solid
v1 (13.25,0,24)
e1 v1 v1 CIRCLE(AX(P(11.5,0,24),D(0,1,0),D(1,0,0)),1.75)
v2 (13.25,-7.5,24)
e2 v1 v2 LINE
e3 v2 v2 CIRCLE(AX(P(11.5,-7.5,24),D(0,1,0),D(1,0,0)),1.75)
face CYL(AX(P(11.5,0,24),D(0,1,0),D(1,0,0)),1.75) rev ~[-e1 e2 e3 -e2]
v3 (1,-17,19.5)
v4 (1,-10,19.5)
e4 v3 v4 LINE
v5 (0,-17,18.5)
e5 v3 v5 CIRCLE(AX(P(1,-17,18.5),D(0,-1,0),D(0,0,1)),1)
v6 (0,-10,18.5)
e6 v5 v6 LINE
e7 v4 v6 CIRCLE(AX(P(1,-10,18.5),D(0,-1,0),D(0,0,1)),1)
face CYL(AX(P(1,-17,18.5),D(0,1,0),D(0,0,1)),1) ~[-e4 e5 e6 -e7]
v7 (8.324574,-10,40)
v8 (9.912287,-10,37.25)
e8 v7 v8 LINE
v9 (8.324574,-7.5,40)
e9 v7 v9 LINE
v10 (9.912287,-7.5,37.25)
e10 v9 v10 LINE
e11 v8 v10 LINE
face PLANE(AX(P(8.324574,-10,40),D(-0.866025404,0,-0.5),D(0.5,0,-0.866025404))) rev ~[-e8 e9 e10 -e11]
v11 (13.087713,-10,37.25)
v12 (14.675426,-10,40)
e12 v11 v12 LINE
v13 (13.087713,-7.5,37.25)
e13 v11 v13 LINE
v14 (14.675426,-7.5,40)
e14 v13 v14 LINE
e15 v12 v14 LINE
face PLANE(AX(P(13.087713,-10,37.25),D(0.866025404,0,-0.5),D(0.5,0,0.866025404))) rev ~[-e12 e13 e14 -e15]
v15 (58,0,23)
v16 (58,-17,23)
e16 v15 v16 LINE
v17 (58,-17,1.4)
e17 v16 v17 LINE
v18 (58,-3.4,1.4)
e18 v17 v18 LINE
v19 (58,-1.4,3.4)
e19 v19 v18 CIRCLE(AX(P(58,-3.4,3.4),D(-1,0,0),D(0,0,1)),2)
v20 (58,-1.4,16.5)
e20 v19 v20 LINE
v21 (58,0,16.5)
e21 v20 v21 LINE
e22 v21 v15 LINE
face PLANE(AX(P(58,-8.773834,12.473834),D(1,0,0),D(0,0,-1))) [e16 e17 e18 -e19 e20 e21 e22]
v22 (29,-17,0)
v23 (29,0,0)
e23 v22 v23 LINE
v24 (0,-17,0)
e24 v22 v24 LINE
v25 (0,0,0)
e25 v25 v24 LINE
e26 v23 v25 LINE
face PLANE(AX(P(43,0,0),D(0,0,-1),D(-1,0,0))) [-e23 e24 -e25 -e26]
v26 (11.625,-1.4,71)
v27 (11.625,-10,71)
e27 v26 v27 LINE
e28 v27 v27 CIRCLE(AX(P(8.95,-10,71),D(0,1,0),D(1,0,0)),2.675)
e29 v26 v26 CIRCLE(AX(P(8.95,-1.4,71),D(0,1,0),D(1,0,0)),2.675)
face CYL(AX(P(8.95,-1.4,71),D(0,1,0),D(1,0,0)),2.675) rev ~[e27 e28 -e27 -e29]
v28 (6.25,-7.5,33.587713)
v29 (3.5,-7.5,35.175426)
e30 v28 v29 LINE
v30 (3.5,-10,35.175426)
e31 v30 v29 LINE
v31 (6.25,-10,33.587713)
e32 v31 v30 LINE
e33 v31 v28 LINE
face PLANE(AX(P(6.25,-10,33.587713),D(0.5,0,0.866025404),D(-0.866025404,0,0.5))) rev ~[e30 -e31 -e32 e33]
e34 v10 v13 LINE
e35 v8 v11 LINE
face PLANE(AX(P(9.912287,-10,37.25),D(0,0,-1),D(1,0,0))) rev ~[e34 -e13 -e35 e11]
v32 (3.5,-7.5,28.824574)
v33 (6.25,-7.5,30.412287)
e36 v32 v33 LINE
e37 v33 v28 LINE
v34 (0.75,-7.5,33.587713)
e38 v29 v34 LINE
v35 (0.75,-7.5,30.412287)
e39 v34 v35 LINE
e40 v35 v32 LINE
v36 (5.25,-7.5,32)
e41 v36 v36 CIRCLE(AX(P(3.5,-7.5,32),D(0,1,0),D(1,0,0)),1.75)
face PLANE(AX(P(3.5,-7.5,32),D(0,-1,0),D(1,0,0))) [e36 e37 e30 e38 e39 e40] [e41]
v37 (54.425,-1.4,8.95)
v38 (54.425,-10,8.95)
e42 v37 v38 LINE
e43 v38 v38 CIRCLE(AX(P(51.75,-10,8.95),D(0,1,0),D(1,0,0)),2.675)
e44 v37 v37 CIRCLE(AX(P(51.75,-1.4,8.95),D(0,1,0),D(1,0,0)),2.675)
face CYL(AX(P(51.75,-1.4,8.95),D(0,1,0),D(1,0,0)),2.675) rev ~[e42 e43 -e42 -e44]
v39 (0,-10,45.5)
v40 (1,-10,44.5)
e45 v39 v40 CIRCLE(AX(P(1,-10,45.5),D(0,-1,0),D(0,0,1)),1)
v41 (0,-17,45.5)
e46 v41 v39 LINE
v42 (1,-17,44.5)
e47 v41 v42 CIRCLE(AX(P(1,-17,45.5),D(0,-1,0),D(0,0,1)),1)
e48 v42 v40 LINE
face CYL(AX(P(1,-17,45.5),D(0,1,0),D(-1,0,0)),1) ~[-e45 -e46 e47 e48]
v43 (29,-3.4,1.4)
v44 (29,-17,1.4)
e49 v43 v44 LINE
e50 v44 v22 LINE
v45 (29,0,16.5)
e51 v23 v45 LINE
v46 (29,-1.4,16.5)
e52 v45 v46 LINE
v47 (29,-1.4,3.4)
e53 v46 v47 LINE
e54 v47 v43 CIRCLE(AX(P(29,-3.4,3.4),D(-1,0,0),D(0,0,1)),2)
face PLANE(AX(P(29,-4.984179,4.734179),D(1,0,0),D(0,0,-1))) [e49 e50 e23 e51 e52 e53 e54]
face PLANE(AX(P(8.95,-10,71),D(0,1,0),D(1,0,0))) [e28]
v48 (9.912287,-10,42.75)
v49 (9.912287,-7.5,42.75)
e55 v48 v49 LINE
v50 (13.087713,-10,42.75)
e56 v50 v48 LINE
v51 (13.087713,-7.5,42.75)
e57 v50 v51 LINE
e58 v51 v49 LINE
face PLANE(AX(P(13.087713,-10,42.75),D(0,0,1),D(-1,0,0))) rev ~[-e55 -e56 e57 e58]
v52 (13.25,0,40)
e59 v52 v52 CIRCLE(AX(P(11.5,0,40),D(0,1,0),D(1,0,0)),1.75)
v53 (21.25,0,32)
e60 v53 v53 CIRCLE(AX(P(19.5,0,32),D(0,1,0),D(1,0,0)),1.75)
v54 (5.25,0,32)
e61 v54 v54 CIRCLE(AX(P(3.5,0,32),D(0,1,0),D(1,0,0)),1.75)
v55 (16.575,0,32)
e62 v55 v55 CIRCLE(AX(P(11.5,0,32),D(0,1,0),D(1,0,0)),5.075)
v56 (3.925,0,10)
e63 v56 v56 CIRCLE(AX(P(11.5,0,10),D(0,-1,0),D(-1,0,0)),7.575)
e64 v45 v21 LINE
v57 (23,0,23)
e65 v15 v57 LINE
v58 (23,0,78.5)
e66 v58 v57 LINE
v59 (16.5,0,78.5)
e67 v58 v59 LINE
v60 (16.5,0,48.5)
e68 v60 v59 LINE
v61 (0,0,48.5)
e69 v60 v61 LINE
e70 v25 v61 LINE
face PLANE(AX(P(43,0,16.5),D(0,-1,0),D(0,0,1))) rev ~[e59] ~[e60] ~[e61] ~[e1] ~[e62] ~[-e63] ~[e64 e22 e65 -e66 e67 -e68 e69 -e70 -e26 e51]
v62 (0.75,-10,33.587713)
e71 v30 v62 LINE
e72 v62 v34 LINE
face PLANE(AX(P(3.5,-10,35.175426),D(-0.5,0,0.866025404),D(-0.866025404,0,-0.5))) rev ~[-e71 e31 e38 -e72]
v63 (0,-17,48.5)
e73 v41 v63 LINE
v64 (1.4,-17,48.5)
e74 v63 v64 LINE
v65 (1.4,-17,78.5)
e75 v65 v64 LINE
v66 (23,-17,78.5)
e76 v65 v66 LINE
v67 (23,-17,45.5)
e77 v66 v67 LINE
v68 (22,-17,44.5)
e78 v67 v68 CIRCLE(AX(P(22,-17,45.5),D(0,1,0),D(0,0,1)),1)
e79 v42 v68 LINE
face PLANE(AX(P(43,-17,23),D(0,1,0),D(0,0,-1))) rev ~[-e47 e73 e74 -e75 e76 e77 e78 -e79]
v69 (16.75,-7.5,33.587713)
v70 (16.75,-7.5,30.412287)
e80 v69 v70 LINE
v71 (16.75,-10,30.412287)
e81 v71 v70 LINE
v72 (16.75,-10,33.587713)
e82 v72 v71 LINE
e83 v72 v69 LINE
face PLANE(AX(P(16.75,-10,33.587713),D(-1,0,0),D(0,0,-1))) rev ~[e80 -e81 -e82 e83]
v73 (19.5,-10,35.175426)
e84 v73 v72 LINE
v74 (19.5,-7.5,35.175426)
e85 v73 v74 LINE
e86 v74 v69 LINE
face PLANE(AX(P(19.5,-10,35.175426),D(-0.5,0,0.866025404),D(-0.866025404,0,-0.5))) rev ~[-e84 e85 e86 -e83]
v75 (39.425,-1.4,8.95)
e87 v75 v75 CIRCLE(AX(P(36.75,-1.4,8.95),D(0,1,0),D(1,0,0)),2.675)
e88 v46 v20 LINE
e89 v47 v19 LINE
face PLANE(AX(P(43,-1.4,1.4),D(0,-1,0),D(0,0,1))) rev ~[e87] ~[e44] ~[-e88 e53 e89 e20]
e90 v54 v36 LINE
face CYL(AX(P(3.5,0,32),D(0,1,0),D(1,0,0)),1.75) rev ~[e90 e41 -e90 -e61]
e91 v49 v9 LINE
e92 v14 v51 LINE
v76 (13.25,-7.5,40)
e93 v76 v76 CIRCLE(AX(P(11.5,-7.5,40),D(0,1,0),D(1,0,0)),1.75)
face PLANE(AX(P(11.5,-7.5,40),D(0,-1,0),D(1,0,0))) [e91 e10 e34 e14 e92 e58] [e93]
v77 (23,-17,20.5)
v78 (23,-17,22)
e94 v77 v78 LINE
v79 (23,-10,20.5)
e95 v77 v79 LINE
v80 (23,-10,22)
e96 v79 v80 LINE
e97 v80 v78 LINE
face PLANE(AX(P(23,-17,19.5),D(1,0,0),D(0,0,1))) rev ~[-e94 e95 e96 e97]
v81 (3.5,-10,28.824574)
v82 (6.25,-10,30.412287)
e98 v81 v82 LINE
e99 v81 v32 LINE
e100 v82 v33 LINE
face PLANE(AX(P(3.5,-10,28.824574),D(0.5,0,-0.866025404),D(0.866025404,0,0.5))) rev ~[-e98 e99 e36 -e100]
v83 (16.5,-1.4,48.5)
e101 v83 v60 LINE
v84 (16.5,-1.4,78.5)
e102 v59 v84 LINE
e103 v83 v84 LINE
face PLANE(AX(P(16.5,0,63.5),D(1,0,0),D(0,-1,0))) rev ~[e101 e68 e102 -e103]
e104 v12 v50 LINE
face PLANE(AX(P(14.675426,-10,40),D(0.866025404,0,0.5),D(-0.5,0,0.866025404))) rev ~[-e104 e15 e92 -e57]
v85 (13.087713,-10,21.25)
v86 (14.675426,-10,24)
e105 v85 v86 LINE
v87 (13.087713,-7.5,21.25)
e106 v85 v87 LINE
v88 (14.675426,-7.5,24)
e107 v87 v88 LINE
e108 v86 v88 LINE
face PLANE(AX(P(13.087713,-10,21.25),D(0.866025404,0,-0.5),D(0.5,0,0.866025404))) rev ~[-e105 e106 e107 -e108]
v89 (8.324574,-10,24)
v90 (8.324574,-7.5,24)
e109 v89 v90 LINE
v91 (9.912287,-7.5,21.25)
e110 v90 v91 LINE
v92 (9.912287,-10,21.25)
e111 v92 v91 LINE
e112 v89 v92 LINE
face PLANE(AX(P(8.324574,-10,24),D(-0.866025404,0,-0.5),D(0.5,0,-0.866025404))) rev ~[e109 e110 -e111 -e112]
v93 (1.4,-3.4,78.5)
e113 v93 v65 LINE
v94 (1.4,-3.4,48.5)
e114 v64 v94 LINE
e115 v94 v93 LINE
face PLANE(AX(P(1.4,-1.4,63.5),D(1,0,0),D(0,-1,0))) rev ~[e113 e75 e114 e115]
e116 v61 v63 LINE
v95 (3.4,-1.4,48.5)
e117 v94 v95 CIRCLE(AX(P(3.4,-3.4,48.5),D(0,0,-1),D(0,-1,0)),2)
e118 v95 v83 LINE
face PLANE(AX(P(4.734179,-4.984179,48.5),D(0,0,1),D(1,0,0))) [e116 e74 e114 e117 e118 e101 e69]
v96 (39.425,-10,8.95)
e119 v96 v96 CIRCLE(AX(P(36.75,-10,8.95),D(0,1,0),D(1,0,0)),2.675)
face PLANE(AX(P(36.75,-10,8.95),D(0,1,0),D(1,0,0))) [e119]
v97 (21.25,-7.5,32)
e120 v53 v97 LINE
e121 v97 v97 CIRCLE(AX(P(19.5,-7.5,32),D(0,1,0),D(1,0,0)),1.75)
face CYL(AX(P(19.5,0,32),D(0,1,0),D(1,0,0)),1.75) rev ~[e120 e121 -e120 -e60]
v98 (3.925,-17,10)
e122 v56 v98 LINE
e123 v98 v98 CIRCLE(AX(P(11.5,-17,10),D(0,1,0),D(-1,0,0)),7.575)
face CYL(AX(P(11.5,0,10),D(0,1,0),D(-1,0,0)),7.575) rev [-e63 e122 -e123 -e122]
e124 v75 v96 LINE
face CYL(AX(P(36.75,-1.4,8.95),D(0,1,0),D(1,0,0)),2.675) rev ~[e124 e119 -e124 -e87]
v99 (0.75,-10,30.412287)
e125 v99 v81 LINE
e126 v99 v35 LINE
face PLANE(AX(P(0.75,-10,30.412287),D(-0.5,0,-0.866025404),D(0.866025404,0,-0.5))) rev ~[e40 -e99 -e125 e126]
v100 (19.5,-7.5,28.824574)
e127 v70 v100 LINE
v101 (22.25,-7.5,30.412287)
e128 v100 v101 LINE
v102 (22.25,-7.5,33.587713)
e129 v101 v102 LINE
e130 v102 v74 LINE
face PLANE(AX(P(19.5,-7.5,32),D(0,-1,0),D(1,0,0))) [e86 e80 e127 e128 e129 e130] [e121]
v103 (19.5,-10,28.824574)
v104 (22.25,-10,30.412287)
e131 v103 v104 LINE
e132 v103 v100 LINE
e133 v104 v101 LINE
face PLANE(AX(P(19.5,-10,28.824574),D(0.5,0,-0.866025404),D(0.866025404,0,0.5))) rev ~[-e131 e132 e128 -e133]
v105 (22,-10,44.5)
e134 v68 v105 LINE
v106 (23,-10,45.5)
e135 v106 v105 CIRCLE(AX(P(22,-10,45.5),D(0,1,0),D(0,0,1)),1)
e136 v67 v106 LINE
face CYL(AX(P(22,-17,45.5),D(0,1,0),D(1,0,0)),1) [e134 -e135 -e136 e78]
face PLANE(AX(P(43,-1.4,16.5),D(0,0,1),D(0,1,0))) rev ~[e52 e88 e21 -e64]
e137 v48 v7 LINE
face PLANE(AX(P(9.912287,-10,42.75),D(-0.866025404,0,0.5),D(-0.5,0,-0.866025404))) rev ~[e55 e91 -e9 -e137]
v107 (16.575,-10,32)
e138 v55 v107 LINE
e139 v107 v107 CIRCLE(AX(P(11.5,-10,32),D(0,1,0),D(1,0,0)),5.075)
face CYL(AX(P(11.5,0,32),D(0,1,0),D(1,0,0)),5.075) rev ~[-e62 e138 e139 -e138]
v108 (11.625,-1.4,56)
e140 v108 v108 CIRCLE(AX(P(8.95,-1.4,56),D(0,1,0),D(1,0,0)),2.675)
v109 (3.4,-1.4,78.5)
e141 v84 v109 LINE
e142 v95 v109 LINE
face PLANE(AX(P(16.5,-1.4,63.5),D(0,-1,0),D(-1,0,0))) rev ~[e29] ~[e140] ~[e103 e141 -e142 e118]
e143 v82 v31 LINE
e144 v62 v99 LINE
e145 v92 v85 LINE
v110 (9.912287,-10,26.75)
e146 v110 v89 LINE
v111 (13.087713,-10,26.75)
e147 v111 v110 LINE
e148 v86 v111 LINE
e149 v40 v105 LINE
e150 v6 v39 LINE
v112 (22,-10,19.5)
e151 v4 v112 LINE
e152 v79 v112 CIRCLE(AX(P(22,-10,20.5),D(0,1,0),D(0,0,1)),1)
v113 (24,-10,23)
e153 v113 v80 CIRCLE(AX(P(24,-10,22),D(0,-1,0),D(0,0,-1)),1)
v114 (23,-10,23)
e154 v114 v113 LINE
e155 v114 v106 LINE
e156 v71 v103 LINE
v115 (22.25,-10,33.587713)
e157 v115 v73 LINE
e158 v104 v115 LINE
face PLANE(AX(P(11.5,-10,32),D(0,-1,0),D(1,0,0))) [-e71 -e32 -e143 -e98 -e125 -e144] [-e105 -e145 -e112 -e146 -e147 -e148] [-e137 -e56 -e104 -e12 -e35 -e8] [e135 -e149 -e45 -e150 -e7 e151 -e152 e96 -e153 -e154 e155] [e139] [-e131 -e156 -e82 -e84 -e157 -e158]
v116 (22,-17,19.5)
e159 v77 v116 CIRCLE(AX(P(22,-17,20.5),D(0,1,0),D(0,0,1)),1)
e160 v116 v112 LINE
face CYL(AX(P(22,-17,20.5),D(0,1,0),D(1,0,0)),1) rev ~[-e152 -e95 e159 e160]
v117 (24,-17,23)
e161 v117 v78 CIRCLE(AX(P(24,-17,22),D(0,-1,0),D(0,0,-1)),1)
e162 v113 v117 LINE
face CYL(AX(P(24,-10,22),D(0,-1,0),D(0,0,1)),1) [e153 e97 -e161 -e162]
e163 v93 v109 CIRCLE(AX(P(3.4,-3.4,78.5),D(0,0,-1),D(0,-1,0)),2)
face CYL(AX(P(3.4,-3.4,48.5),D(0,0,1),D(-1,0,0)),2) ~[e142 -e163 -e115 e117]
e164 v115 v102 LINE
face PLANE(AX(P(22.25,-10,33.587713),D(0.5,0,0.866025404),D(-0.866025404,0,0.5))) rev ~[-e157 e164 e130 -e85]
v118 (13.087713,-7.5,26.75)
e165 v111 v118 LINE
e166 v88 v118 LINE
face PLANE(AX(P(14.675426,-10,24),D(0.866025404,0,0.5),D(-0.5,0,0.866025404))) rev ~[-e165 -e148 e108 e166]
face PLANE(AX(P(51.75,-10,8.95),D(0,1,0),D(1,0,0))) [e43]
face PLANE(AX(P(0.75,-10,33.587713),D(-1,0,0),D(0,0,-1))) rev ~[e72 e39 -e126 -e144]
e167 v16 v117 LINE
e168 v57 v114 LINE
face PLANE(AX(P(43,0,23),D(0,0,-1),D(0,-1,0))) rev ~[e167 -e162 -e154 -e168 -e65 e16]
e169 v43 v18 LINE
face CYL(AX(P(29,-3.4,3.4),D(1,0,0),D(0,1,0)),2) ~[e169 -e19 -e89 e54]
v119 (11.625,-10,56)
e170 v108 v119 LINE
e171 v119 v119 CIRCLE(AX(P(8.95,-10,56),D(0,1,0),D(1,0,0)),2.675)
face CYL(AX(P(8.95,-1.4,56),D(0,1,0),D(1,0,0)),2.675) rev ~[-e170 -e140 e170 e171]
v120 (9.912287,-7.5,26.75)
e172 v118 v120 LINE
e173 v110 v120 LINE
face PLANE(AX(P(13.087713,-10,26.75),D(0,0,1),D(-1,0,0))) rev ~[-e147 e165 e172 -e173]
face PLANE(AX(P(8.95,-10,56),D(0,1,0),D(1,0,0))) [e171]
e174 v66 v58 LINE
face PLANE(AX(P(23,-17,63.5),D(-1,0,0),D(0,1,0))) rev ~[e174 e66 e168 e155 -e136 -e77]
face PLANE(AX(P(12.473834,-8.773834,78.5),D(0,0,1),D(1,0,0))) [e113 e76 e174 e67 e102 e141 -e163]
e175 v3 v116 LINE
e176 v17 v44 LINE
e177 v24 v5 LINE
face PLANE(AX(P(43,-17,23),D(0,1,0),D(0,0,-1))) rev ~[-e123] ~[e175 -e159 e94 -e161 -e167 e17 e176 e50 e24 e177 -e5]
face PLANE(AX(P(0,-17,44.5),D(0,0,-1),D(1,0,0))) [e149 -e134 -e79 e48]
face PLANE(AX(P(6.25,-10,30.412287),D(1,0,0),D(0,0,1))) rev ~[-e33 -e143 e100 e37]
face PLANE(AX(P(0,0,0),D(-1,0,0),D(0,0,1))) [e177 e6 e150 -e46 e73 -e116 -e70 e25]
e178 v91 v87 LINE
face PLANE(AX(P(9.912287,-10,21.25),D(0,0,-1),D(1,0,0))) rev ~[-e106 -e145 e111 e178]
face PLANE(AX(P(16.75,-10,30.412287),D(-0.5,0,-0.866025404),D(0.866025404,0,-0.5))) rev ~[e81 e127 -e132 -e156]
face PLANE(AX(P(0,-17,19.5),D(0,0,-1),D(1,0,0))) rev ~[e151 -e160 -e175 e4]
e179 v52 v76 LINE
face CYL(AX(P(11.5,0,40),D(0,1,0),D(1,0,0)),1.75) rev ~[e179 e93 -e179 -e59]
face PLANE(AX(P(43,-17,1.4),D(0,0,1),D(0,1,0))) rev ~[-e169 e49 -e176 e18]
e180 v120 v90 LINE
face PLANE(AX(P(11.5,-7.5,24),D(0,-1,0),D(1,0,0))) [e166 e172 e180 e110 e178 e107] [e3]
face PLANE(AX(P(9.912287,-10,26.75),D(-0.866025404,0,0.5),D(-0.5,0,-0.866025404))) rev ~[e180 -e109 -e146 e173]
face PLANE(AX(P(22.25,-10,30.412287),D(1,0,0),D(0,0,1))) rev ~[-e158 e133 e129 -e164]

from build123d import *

# Parameters (mm, degrees)
SALIENTE_EXTRUIR2_DEPTH = 17
CROQUIS4_R              = 7.575
CORTAR_EXTRUIR7_DEPTH   = 18
CROQUIS12_R             = 5.075
CORTAR_EXTRUIR12_DEPTH  = 18
CROQUIS17_R             = 1.75
CORTAR_EXTRUIR15_DEPTH  = 18
CORTAR_EXTRUIR9_DEPTH   = 14
CORTAR_EXTRUIR10_DEPTH  = 15
CROQUIS10_R             = 2.675
CORTAR_EXTRUIR11_DEPTH  = 8.6
SALIENTE_EXTRUIR3_DEPTH = 15
SALIENTE_EXTRUIR4_DEPTH = 15
CROQUIS16_R             = 2.675
CORTAR_EXTRUIR14_DEPTH  = 8.6
CROQUIS18_W             = 23
CROQUIS18_H             = 25
CORTAR_EXTRUIR16_DEPTH  = 7
CORTAR_EXTRUIR17_DEPTH  = 2.5
REDONDEO2_R             = 1
REDONDEO4_R             = 2


with BuildPart() as part:
    # Croquis1 → Saliente-Extruir2 (new body)
    with BuildSketch(Plane(origin=(0, 0, 0), x_dir=(1, 0, 0), z_dir=(0, 1, 0))):
        Polygon((23, -63.5), (23, -23), (43, -23), (43, 0), (0, 0), (0, -63.5), align=None)
    extrude(amount=-SALIENTE_EXTRUIR2_DEPTH)

    # Croquis4 → Cortar-Extruir7 (cut, through all)
    with BuildSketch(Plane(origin=(0, 0, 0), x_dir=(-1, 0, 0), z_dir=(0, -1, 0))):
        with Locations((-11.5, -10)):
            Circle(CROQUIS4_R)
    extrude(amount=CORTAR_EXTRUIR7_DEPTH, mode=Mode.SUBTRACT)

    # Croquis12 → Cortar-Extruir12 (cut, through all)
    with BuildSketch(Plane(origin=(0, 0, 0), x_dir=(1, 0, 0), z_dir=(0, 1, 0))):
        with Locations((11.5, -32)):
            Circle(CROQUIS12_R)
    extrude(amount=-CORTAR_EXTRUIR12_DEPTH, mode=Mode.SUBTRACT)

    # Croquis17 → Cortar-Extruir15 (cut, through all)
    with BuildSketch(Plane(origin=(0, 0, 0), x_dir=(1, 0, 0), z_dir=(0, 1, 0))):
        with Locations((11.5, -24)):
            Circle(CROQUIS17_R)
        with Locations((11.5, -40)):
            Circle(CROQUIS17_R)
        with Locations((3.5, -32)):
            Circle(CROQUIS17_R)
        with Locations((19.5, -32)):
            Circle(CROQUIS17_R)
    extrude(amount=-CORTAR_EXTRUIR15_DEPTH, mode=Mode.SUBTRACT)

    # Croquis8 → Cortar-Extruir9 (cut)
    with BuildSketch(Plane(origin=(43, 0, 0), x_dir=(0, 0, -1), z_dir=(1, 0, 0))):
        Polygon((0, -17), (0, 0), (-16.5, 0), (-16.5, -1.4), (-1.4, -1.4), (-1.4, -17), align=None)
    extrude(amount=-CORTAR_EXTRUIR9_DEPTH, mode=Mode.SUBTRACT)

    # Croquis9 → Cortar-Extruir10 (cut)
    with BuildSketch(Plane(origin=(0, 0, 63.5), x_dir=(-1, 0, 0), z_dir=(0, 0, -1))):
        Polygon((0, -17), (-1.4, -17), (-1.4, -1.4), (-16.5, -1.4), (-16.5, 0), (0, 0), align=None)
    extrude(amount=CORTAR_EXTRUIR10_DEPTH, mode=Mode.SUBTRACT)

    # Croquis10 → Cortar-Extruir11 (cut)
    with BuildSketch(Plane(origin=(0, -1.4, 0), x_dir=(1, 0, 0), z_dir=(0, 1, 0))):
        with Locations((36.75, -8.95)):
            Circle(CROQUIS10_R)
        with Locations((8.95, -56)):
            Circle(CROQUIS10_R)
    extrude(amount=-CORTAR_EXTRUIR11_DEPTH, mode=Mode.SUBTRACT)

    # Croquis14 → Saliente-Extruir3 (add)
    with BuildSketch(Plane.XY.offset(63.5)):
        Polygon((23, 0), (16.5, 0), (16.5, -1.4), (1.4, -1.4), (1.4, -17), (23, -17), align=None)
    extrude(amount=SALIENTE_EXTRUIR3_DEPTH)

    # Croquis15 → Saliente-Extruir4 (add)
    with BuildSketch(Plane(origin=(43, 0, 0), x_dir=(0, 0, -1), z_dir=(1, 0, 0))):
        Polygon((-1.4, -17), (-1.4, -1.4), (-16.5, -1.4), (-16.5, 0), (-23, 0), (-23, -17), align=None)
    extrude(amount=SALIENTE_EXTRUIR4_DEPTH)

    # Croquis16 → Cortar-Extruir14 (cut)
    with BuildSketch(Plane(origin=(0, -1.4, 0), x_dir=(1, 0, 0), z_dir=(0, 1, 0))):
        with Locations((8.95, -71)):
            Circle(CROQUIS16_R)
        with Locations((51.75, -8.95)):
            Circle(CROQUIS16_R)
    extrude(amount=-CORTAR_EXTRUIR14_DEPTH, mode=Mode.SUBTRACT)

    # Croquis18 → Cortar-Extruir16 (cut)
    with BuildSketch(Plane.XZ.offset(17)):
        with Locations((11.5, 32)):
            Rectangle(CROQUIS18_W, CROQUIS18_H)
    extrude(amount=-CORTAR_EXTRUIR16_DEPTH, mode=Mode.SUBTRACT)

    # Croquis19 → Cortar-Extruir17 (cut)
    with BuildSketch(Plane.XZ.offset(10)):
        Polygon((14.675426481, 40), (13.08771324, 42.75), (9.91228676, 42.75), (8.324573519, 40), (9.91228676, 37.25), (13.08771324, 37.25), align=None)
        Polygon((22.25, 30.41228676), (22.25, 33.58771324), (19.5, 35.175426481), (16.75, 33.58771324), (16.75, 30.41228676), (19.5, 28.824573519), align=None)
        Polygon((14.675426481, 24), (13.08771324, 26.75), (9.91228676, 26.75), (8.324573519, 24), (9.91228676, 21.25), (13.08771324, 21.25), align=None)
        Polygon((0.75, 33.58771324), (0.75, 30.41228676), (3.5, 28.824573519), (6.25, 30.41228676), (6.25, 33.58771324), (3.5, 35.175426481), align=None)
    extrude(amount=-CORTAR_EXTRUIR17_DEPTH, mode=Mode.SUBTRACT)

    # Redondeo2
    redondeo2_edges = [part.edges().sort_by_distance(p)[0] for p in [
        (23, -13.5, 23),
        (23, -13.5, 44.5),
        (0, -13.5, 44.5),
        (23, -13.5, 19.5),
        (0, -13.5, 19.5),
    ]]
    fillet(redondeo2_edges, radius=REDONDEO2_R)

    # Redondeo4
    redondeo4_edges = [part.edges().sort_by_distance(p)[0] for p in [
        (43.5, -1.4, 1.4),
        (1.4, -1.4, 63.5),
    ]]
    fillet(redondeo4_edges, radius=REDONDEO4_R)


solid = part.part
